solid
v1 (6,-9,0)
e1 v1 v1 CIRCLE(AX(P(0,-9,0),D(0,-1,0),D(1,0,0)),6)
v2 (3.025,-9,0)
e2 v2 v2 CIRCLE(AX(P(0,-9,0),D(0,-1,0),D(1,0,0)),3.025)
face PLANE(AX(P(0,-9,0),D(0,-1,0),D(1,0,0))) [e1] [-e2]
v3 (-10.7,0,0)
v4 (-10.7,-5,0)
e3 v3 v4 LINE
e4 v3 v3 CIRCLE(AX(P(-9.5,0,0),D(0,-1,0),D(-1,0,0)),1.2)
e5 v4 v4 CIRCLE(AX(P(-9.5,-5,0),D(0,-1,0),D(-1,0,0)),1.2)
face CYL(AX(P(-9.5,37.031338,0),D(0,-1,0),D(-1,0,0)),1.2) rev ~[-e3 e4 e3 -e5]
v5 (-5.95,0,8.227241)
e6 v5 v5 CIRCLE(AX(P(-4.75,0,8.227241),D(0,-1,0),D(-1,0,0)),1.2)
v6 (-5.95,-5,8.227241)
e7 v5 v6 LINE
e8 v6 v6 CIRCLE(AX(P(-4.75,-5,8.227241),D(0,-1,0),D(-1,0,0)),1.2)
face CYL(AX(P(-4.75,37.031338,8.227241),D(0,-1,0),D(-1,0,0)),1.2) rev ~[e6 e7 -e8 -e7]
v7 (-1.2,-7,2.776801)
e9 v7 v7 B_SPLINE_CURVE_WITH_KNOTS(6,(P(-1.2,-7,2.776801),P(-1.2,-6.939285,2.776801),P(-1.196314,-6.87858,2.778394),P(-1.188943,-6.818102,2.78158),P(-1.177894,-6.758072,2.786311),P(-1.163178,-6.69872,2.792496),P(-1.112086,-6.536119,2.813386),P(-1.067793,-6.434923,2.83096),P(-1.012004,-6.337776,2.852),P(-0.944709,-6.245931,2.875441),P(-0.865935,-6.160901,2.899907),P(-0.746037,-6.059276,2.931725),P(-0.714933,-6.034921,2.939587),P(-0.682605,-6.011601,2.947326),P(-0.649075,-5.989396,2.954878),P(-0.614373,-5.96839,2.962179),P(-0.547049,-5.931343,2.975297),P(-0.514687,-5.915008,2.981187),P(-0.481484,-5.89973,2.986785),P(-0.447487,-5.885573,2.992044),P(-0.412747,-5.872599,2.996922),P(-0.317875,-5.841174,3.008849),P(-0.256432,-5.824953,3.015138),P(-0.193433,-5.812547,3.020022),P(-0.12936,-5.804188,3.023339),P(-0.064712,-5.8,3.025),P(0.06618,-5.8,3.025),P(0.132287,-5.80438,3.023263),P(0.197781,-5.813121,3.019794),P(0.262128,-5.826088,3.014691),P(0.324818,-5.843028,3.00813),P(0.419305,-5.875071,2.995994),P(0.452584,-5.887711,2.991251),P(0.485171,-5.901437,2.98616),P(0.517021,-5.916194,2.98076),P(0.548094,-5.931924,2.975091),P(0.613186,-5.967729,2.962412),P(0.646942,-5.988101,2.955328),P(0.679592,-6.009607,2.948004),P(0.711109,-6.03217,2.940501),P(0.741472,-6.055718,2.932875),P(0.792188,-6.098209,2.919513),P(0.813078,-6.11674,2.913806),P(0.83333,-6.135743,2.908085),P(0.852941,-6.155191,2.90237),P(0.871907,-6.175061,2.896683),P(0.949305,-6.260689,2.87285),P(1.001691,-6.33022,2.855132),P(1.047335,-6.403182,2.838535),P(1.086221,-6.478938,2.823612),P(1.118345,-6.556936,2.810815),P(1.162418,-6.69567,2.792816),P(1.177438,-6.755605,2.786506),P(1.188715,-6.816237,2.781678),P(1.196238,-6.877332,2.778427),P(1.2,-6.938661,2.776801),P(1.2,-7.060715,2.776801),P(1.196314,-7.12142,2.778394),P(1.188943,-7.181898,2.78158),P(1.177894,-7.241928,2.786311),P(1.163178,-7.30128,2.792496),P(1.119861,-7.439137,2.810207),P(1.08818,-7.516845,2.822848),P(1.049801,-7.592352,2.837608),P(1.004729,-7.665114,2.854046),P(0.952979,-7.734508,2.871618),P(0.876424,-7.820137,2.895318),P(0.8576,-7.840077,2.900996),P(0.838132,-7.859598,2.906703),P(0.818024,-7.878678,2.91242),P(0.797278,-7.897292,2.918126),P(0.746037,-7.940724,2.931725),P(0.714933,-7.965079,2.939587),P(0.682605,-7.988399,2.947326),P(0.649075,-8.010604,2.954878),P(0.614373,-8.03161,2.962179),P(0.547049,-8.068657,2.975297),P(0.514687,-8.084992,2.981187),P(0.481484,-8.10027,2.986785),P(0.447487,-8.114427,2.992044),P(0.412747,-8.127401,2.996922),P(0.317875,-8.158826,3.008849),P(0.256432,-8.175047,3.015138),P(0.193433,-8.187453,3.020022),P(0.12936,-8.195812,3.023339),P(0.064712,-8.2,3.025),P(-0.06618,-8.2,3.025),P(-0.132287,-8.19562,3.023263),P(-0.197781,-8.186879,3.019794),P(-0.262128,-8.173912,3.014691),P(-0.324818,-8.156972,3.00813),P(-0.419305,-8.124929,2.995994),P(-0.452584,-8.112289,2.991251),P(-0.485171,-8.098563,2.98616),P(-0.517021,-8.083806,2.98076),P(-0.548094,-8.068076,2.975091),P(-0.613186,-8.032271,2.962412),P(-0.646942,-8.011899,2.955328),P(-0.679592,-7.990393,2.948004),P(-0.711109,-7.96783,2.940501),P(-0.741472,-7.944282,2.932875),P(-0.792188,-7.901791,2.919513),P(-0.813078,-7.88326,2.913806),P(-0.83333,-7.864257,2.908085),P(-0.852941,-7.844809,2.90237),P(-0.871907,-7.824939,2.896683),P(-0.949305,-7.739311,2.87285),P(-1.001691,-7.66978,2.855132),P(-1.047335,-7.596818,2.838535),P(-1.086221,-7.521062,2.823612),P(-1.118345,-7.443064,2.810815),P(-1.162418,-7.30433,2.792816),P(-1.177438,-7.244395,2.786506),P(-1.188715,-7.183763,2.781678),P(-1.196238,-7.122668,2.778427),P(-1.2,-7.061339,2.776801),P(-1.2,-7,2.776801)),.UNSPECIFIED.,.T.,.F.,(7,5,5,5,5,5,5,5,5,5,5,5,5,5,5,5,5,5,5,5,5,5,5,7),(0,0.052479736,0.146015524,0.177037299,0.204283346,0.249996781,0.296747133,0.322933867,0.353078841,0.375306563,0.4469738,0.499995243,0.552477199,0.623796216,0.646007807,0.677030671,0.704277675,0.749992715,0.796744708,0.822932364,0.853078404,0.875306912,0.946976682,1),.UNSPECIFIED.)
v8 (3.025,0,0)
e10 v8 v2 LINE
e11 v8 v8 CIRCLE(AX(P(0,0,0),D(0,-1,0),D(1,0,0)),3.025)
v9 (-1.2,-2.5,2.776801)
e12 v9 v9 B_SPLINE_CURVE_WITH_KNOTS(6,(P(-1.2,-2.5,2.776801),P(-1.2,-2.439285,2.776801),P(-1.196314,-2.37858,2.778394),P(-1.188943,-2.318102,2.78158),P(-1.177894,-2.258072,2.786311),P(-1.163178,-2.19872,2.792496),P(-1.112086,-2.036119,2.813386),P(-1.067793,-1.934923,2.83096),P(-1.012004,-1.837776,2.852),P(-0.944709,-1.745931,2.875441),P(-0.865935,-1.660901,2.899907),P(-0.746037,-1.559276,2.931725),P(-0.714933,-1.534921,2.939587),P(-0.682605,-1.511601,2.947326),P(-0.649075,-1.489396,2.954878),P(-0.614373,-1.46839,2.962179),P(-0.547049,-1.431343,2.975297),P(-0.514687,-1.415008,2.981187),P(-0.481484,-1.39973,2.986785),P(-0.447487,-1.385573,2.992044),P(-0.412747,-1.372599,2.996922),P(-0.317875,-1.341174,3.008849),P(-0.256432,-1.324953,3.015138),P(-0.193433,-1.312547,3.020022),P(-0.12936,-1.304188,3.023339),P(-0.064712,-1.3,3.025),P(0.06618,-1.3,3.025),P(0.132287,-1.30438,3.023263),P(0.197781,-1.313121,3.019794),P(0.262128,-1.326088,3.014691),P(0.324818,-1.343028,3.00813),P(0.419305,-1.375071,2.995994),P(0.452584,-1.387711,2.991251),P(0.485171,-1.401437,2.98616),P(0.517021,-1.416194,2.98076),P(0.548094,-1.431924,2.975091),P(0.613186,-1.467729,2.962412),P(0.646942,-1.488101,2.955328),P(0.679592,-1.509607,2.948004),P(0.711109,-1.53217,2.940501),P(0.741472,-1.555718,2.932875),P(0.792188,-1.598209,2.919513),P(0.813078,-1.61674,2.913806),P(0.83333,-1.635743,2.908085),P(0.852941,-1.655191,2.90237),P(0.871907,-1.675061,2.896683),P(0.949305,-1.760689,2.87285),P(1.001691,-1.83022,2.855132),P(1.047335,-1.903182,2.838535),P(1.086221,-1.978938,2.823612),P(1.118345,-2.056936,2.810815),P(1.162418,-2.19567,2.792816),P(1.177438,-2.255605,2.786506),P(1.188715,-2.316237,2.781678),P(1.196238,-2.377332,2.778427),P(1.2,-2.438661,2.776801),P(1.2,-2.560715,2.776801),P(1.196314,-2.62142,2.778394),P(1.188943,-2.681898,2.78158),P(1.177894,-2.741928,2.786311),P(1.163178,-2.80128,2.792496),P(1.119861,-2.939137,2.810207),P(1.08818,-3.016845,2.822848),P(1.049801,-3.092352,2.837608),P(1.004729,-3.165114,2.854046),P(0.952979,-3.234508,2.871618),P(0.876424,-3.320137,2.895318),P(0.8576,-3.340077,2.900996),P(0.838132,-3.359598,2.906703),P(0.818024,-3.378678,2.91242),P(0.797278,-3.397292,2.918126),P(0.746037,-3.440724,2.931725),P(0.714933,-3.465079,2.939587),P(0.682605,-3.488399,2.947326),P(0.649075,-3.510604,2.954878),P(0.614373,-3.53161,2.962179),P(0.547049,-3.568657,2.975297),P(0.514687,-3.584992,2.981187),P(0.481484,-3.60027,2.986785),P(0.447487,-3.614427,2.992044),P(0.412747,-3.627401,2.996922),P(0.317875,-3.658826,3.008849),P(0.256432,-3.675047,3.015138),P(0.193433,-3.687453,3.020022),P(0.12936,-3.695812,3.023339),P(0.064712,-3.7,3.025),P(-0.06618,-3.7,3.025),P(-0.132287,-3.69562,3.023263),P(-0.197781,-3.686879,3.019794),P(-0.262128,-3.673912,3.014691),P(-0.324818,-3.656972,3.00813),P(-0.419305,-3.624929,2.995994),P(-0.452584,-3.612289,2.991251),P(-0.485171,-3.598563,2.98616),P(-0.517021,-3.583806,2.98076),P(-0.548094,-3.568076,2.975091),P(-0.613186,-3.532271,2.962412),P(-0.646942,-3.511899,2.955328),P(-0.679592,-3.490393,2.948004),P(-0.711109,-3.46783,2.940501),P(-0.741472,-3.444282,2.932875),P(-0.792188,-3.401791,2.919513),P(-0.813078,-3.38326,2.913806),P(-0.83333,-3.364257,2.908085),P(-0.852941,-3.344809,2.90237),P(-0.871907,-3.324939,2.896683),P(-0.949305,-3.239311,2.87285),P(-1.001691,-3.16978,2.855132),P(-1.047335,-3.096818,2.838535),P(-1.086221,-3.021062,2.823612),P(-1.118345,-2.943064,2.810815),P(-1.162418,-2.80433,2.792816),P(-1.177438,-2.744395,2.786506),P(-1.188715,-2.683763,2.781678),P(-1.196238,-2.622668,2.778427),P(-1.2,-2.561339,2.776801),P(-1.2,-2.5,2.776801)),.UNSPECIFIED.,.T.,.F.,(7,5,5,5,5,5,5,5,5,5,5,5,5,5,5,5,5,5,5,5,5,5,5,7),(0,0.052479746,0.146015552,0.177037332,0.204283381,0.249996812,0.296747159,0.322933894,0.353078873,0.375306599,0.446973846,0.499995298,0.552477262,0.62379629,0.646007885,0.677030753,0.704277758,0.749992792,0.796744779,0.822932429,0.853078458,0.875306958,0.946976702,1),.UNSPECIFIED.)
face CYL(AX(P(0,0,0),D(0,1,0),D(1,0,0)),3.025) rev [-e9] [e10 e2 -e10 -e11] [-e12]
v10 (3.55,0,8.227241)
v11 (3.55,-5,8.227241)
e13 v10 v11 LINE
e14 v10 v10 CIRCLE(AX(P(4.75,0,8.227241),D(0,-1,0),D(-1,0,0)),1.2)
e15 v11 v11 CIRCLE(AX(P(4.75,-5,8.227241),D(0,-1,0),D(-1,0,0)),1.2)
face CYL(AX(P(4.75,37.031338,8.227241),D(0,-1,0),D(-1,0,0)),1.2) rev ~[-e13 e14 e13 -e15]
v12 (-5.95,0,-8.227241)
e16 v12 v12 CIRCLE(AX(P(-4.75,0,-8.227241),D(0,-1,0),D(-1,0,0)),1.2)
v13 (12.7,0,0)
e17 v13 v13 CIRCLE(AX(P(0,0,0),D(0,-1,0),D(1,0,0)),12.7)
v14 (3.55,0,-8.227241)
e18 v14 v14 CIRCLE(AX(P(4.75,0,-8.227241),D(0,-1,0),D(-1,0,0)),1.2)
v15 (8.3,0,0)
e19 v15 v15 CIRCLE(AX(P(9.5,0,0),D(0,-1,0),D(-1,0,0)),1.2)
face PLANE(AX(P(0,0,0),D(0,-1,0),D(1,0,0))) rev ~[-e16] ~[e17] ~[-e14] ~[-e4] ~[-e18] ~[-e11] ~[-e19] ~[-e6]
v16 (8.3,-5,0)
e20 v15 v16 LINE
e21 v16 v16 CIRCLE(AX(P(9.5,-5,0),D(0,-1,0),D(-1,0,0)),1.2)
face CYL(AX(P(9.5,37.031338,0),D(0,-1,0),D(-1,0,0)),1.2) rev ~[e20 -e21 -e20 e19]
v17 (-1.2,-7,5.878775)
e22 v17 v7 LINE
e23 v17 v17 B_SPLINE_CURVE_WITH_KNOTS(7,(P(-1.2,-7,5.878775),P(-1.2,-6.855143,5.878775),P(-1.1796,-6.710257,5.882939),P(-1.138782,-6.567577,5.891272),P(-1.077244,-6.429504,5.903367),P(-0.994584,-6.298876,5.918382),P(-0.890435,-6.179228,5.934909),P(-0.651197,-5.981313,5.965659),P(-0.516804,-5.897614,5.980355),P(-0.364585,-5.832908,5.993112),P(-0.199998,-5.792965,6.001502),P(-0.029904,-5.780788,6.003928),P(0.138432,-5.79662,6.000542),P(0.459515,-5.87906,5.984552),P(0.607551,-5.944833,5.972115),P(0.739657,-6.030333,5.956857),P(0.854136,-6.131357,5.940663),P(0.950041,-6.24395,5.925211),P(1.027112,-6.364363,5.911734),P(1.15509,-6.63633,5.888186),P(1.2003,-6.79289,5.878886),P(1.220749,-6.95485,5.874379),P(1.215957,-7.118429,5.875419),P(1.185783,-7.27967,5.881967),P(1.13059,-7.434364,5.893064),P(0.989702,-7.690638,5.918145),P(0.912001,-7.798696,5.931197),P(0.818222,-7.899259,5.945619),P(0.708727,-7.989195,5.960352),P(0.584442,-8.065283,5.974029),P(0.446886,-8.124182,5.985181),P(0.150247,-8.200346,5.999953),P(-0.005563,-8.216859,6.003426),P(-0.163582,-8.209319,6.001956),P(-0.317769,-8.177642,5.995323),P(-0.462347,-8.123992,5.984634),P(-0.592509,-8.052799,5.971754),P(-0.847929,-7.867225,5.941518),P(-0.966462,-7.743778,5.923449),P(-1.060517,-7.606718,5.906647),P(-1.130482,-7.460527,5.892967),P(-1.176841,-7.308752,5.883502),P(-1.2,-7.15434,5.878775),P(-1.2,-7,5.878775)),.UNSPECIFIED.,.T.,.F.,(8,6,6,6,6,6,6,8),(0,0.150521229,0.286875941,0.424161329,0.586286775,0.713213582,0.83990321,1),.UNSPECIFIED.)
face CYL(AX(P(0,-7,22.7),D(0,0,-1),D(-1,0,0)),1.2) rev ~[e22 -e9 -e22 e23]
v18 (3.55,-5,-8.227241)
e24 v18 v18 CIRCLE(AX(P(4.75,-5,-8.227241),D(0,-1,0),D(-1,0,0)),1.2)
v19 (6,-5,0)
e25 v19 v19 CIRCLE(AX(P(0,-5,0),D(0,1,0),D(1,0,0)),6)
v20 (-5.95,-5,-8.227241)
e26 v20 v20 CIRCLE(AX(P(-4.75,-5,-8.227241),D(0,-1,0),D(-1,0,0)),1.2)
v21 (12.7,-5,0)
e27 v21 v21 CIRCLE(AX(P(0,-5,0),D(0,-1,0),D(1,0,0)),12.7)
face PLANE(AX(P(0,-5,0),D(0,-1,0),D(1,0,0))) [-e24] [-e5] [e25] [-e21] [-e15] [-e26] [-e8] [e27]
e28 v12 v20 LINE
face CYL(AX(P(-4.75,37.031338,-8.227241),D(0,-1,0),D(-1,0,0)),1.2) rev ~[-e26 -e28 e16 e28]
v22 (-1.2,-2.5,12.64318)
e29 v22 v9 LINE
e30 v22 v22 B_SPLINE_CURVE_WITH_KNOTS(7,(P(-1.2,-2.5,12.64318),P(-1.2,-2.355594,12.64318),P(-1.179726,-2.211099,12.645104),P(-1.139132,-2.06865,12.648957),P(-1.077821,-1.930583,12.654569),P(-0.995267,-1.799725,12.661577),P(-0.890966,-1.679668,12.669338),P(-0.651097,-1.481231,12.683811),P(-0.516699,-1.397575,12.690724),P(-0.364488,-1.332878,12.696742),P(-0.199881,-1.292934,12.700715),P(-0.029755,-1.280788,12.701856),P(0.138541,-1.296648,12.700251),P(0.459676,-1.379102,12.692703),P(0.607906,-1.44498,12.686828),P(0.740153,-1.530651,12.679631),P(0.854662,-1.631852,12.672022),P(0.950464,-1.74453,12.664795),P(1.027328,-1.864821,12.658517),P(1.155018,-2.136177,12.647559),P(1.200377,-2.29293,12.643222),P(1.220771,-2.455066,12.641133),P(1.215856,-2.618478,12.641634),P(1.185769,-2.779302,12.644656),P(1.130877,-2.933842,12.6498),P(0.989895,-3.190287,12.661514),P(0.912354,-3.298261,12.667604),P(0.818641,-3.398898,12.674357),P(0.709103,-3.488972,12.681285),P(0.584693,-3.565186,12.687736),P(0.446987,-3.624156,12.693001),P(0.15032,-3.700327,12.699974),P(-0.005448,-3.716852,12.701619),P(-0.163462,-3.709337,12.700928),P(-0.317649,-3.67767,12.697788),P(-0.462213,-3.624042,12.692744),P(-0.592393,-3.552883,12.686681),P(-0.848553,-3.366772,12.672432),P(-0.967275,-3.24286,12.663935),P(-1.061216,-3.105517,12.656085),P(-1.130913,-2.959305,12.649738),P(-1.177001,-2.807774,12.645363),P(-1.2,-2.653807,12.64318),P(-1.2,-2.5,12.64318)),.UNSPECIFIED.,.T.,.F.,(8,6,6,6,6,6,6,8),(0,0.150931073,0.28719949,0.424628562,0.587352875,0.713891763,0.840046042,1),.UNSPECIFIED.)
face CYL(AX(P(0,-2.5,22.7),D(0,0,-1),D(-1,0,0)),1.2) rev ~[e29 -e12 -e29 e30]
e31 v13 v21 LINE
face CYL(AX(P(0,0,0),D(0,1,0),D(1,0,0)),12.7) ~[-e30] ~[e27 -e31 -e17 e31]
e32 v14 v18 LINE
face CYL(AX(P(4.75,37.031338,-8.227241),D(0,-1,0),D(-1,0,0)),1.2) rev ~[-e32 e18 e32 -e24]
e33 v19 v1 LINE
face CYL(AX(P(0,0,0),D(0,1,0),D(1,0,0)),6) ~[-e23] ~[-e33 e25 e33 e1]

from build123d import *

# Parameters (mm, degrees)
F0_R     = 12.7
F0_R_2   = 6
F0_R_3   = 3.025
F1_DEPTH = 5
F2_DEPTH = 9
F3_D     = 2.4
F6_D     = 2.4
F6_DEPTH = 10
F6_TIP   = 0.7210327428


with BuildPart() as f1:
    # F0 (on Front) → F1 (new body)
    with BuildSketch(Plane.XZ):
        Circle(F0_R)
        Circle(F0_R_2, mode=Mode.SUBTRACT)
        Circle(F0_R_2)
        Circle(F0_R_3, mode=Mode.SUBTRACT)
    extrude(amount=F1_DEPTH)

    # F0 (on Front) → F2 (join)
    with BuildSketch(Plane.XZ):
        Circle(F0_R_2)
        Circle(F0_R_3, mode=Mode.SUBTRACT)
    extrude(amount=F2_DEPTH)

    # F3 (through all)
    with Locations(Plane(origin=(0, 0, 0), x_dir=(1, 0, 0), z_dir=(0, 1, 0))):
        with Locations((9.5, 0), (4.75, -8.227241336), (-4.75, -8.227241336), (-9.5, 0), (-4.75, 8.227241336), (4.75, 8.227241336)):
            Hole(F3_D / 2)

    # F6
    with Locations(Plane.XY.offset(12.7)):
        with Locations((0, -2.5), (0, -7)):
            Hole(F6_D / 2, depth=F6_DEPTH)
            with Locations((0, 0, -(F6_DEPTH + F6_TIP / 2))):  # 118° drill point
                Cone(0, F6_D / 2, F6_TIP, mode=Mode.SUBTRACT)


solid = f1.part
